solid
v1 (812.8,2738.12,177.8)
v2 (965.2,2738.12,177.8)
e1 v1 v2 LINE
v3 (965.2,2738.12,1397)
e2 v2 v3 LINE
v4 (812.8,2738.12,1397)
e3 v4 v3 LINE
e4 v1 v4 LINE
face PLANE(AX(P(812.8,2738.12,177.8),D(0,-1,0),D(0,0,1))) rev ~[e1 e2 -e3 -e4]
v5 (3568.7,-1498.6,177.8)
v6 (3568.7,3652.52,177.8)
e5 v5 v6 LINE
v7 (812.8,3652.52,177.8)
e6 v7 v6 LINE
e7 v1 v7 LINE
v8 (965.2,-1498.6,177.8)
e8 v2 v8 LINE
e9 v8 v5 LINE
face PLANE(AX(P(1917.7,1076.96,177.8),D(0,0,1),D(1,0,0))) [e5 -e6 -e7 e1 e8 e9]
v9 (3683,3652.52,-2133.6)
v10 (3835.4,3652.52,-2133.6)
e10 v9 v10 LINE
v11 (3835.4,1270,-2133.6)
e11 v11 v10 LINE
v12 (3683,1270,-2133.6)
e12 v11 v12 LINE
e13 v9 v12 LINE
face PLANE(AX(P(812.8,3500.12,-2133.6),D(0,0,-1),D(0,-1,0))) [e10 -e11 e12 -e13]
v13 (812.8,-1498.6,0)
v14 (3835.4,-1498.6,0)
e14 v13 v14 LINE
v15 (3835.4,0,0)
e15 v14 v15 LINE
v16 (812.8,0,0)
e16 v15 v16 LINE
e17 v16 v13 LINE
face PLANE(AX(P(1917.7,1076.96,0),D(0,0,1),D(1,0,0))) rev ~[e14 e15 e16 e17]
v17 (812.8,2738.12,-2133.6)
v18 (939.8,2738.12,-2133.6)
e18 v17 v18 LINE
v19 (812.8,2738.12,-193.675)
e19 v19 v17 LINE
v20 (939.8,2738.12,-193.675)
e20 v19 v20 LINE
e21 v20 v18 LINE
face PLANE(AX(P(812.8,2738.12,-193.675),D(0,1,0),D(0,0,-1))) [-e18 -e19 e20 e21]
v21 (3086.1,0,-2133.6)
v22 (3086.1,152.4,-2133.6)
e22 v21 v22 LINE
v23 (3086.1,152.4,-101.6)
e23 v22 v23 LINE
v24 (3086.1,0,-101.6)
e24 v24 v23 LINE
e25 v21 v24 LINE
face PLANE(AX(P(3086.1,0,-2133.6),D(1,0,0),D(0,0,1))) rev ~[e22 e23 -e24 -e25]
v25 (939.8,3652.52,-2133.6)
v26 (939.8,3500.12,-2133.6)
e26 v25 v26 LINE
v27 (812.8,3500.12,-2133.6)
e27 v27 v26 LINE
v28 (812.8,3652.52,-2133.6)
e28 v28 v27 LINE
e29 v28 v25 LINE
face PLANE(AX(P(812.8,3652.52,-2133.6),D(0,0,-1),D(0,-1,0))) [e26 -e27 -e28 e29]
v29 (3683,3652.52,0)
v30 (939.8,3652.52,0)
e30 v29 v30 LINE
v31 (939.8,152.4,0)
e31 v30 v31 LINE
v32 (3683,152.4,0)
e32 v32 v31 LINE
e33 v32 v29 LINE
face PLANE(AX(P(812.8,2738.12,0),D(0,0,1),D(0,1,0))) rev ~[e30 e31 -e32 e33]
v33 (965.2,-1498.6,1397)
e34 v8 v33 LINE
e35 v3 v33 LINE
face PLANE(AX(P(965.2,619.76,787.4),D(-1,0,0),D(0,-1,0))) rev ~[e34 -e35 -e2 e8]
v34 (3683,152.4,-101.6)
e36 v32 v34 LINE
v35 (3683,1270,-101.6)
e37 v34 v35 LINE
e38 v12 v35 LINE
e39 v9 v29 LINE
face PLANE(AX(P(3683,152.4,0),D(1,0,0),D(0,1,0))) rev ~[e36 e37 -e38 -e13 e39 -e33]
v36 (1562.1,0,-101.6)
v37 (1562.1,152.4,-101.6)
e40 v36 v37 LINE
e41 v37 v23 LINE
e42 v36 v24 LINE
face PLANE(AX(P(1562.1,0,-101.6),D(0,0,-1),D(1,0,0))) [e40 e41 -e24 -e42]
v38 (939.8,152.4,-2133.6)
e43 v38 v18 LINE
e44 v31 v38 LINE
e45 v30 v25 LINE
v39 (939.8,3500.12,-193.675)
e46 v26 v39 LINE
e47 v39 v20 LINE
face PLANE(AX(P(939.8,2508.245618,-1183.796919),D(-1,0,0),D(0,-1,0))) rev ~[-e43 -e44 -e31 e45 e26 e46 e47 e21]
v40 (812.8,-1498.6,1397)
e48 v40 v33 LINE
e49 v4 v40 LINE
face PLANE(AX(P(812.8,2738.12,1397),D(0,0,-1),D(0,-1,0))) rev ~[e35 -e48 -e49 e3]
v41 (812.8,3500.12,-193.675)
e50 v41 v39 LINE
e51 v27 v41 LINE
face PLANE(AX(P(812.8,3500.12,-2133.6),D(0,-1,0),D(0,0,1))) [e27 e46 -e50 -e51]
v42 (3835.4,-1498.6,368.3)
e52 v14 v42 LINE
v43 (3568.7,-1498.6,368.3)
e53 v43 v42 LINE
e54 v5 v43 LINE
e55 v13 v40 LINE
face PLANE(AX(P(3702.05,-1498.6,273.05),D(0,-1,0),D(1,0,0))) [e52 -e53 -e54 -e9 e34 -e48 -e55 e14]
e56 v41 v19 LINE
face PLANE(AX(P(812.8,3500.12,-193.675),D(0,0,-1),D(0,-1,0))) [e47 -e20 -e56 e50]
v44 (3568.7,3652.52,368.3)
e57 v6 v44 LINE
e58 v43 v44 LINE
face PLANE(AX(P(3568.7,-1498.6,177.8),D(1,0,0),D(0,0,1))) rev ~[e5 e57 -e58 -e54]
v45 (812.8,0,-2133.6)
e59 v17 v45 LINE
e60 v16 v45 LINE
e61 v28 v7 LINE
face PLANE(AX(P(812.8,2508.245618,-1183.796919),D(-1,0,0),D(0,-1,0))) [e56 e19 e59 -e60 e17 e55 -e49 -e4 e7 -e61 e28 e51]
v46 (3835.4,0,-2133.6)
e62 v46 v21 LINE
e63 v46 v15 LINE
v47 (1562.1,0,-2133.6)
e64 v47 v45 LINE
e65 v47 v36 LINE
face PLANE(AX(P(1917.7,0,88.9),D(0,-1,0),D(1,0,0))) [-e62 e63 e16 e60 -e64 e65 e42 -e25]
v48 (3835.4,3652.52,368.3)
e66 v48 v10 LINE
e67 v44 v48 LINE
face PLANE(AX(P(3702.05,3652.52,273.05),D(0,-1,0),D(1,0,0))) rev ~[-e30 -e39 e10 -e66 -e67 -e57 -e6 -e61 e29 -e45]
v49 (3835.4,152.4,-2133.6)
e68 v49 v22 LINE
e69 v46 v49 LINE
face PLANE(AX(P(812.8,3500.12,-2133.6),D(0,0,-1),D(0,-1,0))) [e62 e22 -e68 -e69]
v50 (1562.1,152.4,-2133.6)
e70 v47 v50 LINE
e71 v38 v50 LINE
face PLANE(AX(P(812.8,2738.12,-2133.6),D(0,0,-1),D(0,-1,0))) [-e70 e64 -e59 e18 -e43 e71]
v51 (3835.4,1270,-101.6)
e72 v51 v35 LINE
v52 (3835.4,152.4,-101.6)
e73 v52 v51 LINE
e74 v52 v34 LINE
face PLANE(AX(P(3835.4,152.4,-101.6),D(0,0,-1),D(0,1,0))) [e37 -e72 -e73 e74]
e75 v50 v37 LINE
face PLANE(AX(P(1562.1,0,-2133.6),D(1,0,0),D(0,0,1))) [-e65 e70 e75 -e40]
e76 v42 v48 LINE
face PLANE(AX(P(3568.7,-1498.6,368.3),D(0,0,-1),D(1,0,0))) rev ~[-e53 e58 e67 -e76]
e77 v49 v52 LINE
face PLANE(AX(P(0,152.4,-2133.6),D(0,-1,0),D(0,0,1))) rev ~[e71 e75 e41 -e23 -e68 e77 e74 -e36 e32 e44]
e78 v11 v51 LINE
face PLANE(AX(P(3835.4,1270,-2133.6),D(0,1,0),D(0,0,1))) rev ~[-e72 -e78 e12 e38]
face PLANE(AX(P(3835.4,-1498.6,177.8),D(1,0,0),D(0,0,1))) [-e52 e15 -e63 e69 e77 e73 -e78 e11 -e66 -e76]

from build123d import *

# Parameters (mm, degrees)
F0_W      = 3835.4
F0_H      = 3652.52
F0_W_2    = 3530.6
F0_H_2    = 3347.72
F1_DEPTH  = 2133.6
F2_W      = 3835.4
F2_H      = 177.8
F3_DEPTH  = 3652.52
F4_W      = 3347.72
F4_H      = 2133.6
F5_DEPTH  = 152.4
F6_W      = 3835.4
F6_H      = 5151.12
F7_DEPTH  = 177.8
F9_DEPTH  = 812.8
F10_W     = 3500.12
F10_H     = 2311.4
F11_DEPTH = 127
F12_W     = 1524
F12_H     = 2032
F13_DEPTH = 152.4
F14_W     = 1117.6
F14_H     = 2032
F15_DEPTH = 152.4
F16_W     = 2743.2
F16_H     = 2133.6
F17_DEPTH = 152.4
F18_W     = 812.8
F18_H     = 2311.4
F19_DEPTH = 152.4
F20_W     = 4236.72
F20_H     = 1219.2
F21_DEPTH = 152.4
F23_DEPTH = 152.4
F25_DEPTH = 127
F26_W     = 266.7
F26_H     = 190.5
F27_DEPTH = 5151.12


with BuildPart() as f1:
    # F0 (on Top) → F1 (new body)
    with BuildSketch(Plane.XY):
        with Locations((1917.7, 1826.26)):
            Rectangle(F0_W, F0_H)
        with Locations((1917.7, 1826.26)):
            Rectangle(F0_W_2, F0_H_2, mode=Mode.SUBTRACT)
    extrude(amount=-F1_DEPTH)

    # F2 (on face) → F3 (join, through all)
    with BuildSketch(Plane.XZ):
        with Locations((1917.7, 88.9)):
            Rectangle(F2_W, F2_H)
    extrude(amount=-F3_DEPTH)

    # F4 (on face) → F5 (cut, through all)
    with BuildSketch(Plane(origin=(0, 0, 0), x_dir=(0, -1, 0), z_dir=(-1, 0, 0))):
        with Locations((-1826.26, -1066.8)):
            Rectangle(F4_W, F4_H)
    extrude(amount=-F5_DEPTH, mode=Mode.SUBTRACT)

    # F6 (on face) → F7 (join, through all)
    with BuildSketch(Plane.XY.offset(177.8)):
        with Locations((1917.7, 1076.96)):
            Rectangle(F6_W, F6_H)
    extrude(amount=-F7_DEPTH)

    # F8 (on face) → F9 (cut)
    with BuildSketch(Plane(origin=(0, 0, 0), x_dir=(0, -1, 0), z_dir=(-1, 0, 0))):
        Polygon((-3500.12, 177.8), (-3500.12, -2133.6), (0, -2133.6), (1498.6, -2133.6), (1498.6, 177.8), align=None)
        Polygon((-3500.12, 0), (-3500.12, -2133.6), (0, -2133.6), (1498.6, -2133.6), (1498.6, 177.8), (-3500.12, 177.8), align=None)
    extrude(amount=-F9_DEPTH, mode=Mode.SUBTRACT)

    # F10 (on face) → F11 (join)
    with BuildSketch(Plane(origin=(812.8, 0, 0), x_dir=(0, -1, 0), z_dir=(-1, 0, 0))):
        with Locations((-1750.06, -977.9)):
            Rectangle(F10_W, F10_H)
    extrude(amount=-F11_DEPTH)

    # F12 (on face) → F13 (cut, through all)
    with BuildSketch(Plane.XZ):
        with Locations((2324.1, -1117.6)):
            Rectangle(F12_W, F12_H)
    extrude(amount=-F13_DEPTH, mode=Mode.SUBTRACT)

    # F14 (on face) → F15 (cut, through all)
    with BuildSketch(Plane.YZ.offset(3835.4)):
        with Locations((711.2, -1117.6)):
            Rectangle(F14_W, F14_H)
    extrude(amount=-F15_DEPTH, mode=Mode.SUBTRACT)

    # F16 (on face) → F17 (cut, through all)
    with BuildSketch(Plane.XZ.offset(-3500.12)):
        with Locations((2311.4, -1066.8)):
            Rectangle(F16_W, F16_H)
    extrude(amount=-F17_DEPTH, mode=Mode.SUBTRACT)

    # F18 (on face) → F19 (cut, through all)
    with BuildSketch(Plane.XZ.offset(-3500.12)):
        with Locations((406.4, -977.9)):
            Rectangle(F18_W, F18_H)
    extrude(amount=-F19_DEPTH, mode=Mode.SUBTRACT)

    # F20 (on face) → F21 (join)
    with BuildSketch(Plane(origin=(812.8, 0, 0), x_dir=(0, -1, 0), z_dir=(-1, 0, 0))):
        with Locations((-619.76, 787.4)):
            Rectangle(F20_W, F20_H)
    extrude(amount=-F21_DEPTH)

    # F22 (on face) → F23 (cut)
    with BuildSketch(Plane(origin=(812.8, 0, 0), x_dir=(0, -1, 0), z_dir=(-1, 0, 0))):
        Polygon((-3652.52, -2133.6), (-203.2, -2133.6), (-2738.12, 0), (-3652.52, 0), align=None)
    extrude(amount=-F23_DEPTH, mode=Mode.SUBTRACT)

    # F24 (on face) → F25 (join, through all)
    with BuildSketch(Plane(origin=(812.8, 0, 0), x_dir=(0, -1, 0), z_dir=(-1, 0, 0))):
        Polygon((-3500.12, 0), (-3652.52, 0), (-3652.52, -2133.6), (-3500.12, -2133.6), (-3500.12, -193.675), (-2738.12, -193.675), (-2738.12, -2133.6), (-203.2, -2133.6), (-2738.12, 0), align=None)
    extrude(amount=-F25_DEPTH)

    # F26 (on face) → F27 (join, through all)
    with BuildSketch(Plane.XZ.offset(1498.6)):
        with Locations((3702.05, 273.05)):
            Rectangle(F26_W, F26_H)
    extrude(amount=-F27_DEPTH)


solid = f1.part
